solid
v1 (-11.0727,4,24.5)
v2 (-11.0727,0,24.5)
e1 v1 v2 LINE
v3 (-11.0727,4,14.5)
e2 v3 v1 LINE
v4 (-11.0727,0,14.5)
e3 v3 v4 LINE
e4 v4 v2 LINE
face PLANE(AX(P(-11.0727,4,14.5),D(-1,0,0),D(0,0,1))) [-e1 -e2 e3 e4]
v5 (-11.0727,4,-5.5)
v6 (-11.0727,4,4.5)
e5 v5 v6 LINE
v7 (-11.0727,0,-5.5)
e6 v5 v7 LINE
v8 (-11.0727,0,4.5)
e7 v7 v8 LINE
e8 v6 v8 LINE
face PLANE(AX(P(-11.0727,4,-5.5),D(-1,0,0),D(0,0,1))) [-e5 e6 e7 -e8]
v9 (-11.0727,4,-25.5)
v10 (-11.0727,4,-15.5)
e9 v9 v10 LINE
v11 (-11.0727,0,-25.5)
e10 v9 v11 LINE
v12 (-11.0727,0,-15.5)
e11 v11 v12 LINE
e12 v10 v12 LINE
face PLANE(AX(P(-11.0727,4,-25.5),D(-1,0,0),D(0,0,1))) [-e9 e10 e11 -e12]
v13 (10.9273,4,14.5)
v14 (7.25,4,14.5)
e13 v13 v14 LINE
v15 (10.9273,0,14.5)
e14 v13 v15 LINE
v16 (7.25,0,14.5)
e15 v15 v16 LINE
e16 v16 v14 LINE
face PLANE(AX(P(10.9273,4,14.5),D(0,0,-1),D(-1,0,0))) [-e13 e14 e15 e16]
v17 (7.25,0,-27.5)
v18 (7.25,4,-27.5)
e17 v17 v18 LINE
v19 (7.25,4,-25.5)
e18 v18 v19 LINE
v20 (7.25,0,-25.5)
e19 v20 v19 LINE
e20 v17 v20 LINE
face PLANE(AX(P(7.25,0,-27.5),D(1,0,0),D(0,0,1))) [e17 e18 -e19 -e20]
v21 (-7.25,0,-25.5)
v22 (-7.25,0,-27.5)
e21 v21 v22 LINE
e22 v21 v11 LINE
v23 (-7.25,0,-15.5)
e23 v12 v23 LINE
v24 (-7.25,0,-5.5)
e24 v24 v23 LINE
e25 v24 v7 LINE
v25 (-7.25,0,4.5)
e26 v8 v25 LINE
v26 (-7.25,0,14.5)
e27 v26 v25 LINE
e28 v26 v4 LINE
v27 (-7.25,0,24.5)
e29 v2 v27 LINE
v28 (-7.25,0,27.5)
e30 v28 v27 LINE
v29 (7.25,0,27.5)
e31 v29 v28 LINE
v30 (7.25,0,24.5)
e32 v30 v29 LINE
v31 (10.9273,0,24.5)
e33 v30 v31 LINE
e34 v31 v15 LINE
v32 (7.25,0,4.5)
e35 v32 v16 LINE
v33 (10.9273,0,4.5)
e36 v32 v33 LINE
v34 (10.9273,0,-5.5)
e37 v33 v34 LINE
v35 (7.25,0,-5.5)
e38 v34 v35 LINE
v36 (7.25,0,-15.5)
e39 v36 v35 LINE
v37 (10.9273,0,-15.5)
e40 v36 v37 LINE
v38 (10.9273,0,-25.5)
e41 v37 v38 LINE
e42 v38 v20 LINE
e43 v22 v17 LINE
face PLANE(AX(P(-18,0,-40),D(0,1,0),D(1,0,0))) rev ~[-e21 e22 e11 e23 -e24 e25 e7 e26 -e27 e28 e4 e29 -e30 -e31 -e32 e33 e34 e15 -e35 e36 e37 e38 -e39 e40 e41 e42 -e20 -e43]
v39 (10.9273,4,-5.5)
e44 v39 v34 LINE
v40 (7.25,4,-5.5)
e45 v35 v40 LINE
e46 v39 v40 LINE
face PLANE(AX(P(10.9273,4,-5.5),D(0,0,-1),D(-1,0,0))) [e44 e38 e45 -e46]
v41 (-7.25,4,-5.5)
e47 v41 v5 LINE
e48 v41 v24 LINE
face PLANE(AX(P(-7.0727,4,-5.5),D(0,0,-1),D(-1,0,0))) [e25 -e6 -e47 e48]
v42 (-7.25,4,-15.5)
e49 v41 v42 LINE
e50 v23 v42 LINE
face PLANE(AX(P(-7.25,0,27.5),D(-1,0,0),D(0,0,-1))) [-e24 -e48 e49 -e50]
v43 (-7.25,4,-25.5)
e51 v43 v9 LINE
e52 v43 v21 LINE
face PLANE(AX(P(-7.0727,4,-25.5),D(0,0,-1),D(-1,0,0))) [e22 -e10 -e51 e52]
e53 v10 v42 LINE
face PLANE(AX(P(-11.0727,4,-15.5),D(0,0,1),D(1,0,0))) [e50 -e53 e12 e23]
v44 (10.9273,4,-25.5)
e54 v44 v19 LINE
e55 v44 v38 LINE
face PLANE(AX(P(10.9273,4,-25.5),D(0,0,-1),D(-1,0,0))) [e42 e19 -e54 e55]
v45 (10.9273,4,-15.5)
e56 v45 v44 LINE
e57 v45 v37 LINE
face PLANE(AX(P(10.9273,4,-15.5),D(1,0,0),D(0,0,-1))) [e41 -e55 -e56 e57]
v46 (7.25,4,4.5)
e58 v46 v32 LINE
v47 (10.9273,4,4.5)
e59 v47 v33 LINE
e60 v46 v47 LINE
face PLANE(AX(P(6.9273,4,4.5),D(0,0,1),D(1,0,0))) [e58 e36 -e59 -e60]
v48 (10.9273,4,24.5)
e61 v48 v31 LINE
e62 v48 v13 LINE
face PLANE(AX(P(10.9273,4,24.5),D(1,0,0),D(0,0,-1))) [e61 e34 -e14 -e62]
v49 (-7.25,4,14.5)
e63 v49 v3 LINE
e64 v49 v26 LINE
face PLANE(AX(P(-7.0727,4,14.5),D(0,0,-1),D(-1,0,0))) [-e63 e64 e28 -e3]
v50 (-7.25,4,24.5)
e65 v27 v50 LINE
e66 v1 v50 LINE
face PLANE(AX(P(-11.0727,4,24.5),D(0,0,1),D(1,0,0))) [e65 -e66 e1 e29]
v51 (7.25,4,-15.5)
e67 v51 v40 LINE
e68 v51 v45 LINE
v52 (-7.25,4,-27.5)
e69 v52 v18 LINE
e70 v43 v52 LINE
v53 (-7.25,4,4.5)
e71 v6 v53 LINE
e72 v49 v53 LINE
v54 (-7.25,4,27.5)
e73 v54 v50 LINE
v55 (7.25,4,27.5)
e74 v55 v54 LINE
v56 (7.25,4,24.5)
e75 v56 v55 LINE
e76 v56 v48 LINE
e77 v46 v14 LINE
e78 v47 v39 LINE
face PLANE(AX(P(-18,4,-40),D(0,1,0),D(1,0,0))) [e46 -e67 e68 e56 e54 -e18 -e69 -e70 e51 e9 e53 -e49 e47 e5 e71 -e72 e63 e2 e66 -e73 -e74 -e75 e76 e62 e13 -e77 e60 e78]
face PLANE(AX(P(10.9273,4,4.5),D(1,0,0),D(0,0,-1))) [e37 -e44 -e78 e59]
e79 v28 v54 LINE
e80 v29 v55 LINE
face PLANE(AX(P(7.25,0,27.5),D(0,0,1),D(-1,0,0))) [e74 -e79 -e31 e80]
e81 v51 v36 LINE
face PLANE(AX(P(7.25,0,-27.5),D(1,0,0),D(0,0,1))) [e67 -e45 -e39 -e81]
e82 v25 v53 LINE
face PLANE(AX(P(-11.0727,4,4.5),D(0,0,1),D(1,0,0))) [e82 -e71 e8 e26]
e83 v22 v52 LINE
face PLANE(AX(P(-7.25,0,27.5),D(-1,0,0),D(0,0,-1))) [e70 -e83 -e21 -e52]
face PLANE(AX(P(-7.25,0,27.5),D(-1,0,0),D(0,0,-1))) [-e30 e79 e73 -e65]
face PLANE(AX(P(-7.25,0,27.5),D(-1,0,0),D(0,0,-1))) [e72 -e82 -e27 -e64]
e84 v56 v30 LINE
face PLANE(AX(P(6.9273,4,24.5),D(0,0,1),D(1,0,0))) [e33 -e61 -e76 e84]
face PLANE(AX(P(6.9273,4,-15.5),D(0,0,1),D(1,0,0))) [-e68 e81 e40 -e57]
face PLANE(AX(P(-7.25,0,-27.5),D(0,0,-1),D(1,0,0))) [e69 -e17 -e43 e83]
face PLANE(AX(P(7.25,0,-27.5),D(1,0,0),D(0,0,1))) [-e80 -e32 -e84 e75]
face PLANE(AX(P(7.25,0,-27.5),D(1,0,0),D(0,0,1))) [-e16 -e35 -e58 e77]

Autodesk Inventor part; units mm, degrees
ref_plane "YZ Plane" through (0, 0, 0) normal (1, 0, 0) x (0, 1, 0)
ref_plane "XZ Plane" through (0, 0, 0) normal (0, 1, 0) x (-1, 0, 0)
ref_plane "XY Plane" through (0, 0, 0) normal (0, 0, 1) x (1, 0, 0)
sketch "Sketch1" plane through (0, 0, 0) normal (0, 1, 0) x (-1, 0, 0)
  line L0 (-7.25, 27.5) -> (7.25, 27.5)
  line L1 (7.25, 27.5) -> (7.25, -27.5)
  line L2 (7.25, -27.5) -> (-7.25, -27.5)
  line L3 (-7.25, -27.5) -> (-7.25, 27.5)
  line L4 (-7.25, 27.5) -> (7.25, -27.5) construction
  line L5 (7.25, 27.5) -> (-7.25, -27.5) construction
  point P0 (0, 0)
  dimension "d0" = 14.5
  dimension "d1" = 55
extrude "Extrusion1" add sketch "Sketch1" along normal blind 4
sketch "Sketch2" plane through (0, 4, 0) normal (0, 1, 0) x (1, 0, 0)
  line L0 (0, -21.4425) -> (0, 24.9563)
  line L1 (6.9273, -24.5) -> (10.9273, -24.5)
  line L2 (10.9273, -24.5) -> (10.9273, -14.5)
  line L3 (10.9273, -14.5) -> (6.9273, -14.5)
  line L4 (6.9273, -14.5) -> (6.9273, -24.5)
  line L5 (7.25, -27.5) -> (-7.25, -27.5) projected
  point P0 (0, 0)
  dimension "d10" = 4
  dimension "d11" = 10
  dimension "d12" = 3
extrude "Extrusion2" add sketch "Sketch2" against normal blind 4
pattern_linear "Rectangular Pattern1" count 3 spacing 20 along (0, 0, -1) count 2 spacing 18 along (-1, 0, 0) of "Extrusion2"
properties part number "tussenplaatje"
